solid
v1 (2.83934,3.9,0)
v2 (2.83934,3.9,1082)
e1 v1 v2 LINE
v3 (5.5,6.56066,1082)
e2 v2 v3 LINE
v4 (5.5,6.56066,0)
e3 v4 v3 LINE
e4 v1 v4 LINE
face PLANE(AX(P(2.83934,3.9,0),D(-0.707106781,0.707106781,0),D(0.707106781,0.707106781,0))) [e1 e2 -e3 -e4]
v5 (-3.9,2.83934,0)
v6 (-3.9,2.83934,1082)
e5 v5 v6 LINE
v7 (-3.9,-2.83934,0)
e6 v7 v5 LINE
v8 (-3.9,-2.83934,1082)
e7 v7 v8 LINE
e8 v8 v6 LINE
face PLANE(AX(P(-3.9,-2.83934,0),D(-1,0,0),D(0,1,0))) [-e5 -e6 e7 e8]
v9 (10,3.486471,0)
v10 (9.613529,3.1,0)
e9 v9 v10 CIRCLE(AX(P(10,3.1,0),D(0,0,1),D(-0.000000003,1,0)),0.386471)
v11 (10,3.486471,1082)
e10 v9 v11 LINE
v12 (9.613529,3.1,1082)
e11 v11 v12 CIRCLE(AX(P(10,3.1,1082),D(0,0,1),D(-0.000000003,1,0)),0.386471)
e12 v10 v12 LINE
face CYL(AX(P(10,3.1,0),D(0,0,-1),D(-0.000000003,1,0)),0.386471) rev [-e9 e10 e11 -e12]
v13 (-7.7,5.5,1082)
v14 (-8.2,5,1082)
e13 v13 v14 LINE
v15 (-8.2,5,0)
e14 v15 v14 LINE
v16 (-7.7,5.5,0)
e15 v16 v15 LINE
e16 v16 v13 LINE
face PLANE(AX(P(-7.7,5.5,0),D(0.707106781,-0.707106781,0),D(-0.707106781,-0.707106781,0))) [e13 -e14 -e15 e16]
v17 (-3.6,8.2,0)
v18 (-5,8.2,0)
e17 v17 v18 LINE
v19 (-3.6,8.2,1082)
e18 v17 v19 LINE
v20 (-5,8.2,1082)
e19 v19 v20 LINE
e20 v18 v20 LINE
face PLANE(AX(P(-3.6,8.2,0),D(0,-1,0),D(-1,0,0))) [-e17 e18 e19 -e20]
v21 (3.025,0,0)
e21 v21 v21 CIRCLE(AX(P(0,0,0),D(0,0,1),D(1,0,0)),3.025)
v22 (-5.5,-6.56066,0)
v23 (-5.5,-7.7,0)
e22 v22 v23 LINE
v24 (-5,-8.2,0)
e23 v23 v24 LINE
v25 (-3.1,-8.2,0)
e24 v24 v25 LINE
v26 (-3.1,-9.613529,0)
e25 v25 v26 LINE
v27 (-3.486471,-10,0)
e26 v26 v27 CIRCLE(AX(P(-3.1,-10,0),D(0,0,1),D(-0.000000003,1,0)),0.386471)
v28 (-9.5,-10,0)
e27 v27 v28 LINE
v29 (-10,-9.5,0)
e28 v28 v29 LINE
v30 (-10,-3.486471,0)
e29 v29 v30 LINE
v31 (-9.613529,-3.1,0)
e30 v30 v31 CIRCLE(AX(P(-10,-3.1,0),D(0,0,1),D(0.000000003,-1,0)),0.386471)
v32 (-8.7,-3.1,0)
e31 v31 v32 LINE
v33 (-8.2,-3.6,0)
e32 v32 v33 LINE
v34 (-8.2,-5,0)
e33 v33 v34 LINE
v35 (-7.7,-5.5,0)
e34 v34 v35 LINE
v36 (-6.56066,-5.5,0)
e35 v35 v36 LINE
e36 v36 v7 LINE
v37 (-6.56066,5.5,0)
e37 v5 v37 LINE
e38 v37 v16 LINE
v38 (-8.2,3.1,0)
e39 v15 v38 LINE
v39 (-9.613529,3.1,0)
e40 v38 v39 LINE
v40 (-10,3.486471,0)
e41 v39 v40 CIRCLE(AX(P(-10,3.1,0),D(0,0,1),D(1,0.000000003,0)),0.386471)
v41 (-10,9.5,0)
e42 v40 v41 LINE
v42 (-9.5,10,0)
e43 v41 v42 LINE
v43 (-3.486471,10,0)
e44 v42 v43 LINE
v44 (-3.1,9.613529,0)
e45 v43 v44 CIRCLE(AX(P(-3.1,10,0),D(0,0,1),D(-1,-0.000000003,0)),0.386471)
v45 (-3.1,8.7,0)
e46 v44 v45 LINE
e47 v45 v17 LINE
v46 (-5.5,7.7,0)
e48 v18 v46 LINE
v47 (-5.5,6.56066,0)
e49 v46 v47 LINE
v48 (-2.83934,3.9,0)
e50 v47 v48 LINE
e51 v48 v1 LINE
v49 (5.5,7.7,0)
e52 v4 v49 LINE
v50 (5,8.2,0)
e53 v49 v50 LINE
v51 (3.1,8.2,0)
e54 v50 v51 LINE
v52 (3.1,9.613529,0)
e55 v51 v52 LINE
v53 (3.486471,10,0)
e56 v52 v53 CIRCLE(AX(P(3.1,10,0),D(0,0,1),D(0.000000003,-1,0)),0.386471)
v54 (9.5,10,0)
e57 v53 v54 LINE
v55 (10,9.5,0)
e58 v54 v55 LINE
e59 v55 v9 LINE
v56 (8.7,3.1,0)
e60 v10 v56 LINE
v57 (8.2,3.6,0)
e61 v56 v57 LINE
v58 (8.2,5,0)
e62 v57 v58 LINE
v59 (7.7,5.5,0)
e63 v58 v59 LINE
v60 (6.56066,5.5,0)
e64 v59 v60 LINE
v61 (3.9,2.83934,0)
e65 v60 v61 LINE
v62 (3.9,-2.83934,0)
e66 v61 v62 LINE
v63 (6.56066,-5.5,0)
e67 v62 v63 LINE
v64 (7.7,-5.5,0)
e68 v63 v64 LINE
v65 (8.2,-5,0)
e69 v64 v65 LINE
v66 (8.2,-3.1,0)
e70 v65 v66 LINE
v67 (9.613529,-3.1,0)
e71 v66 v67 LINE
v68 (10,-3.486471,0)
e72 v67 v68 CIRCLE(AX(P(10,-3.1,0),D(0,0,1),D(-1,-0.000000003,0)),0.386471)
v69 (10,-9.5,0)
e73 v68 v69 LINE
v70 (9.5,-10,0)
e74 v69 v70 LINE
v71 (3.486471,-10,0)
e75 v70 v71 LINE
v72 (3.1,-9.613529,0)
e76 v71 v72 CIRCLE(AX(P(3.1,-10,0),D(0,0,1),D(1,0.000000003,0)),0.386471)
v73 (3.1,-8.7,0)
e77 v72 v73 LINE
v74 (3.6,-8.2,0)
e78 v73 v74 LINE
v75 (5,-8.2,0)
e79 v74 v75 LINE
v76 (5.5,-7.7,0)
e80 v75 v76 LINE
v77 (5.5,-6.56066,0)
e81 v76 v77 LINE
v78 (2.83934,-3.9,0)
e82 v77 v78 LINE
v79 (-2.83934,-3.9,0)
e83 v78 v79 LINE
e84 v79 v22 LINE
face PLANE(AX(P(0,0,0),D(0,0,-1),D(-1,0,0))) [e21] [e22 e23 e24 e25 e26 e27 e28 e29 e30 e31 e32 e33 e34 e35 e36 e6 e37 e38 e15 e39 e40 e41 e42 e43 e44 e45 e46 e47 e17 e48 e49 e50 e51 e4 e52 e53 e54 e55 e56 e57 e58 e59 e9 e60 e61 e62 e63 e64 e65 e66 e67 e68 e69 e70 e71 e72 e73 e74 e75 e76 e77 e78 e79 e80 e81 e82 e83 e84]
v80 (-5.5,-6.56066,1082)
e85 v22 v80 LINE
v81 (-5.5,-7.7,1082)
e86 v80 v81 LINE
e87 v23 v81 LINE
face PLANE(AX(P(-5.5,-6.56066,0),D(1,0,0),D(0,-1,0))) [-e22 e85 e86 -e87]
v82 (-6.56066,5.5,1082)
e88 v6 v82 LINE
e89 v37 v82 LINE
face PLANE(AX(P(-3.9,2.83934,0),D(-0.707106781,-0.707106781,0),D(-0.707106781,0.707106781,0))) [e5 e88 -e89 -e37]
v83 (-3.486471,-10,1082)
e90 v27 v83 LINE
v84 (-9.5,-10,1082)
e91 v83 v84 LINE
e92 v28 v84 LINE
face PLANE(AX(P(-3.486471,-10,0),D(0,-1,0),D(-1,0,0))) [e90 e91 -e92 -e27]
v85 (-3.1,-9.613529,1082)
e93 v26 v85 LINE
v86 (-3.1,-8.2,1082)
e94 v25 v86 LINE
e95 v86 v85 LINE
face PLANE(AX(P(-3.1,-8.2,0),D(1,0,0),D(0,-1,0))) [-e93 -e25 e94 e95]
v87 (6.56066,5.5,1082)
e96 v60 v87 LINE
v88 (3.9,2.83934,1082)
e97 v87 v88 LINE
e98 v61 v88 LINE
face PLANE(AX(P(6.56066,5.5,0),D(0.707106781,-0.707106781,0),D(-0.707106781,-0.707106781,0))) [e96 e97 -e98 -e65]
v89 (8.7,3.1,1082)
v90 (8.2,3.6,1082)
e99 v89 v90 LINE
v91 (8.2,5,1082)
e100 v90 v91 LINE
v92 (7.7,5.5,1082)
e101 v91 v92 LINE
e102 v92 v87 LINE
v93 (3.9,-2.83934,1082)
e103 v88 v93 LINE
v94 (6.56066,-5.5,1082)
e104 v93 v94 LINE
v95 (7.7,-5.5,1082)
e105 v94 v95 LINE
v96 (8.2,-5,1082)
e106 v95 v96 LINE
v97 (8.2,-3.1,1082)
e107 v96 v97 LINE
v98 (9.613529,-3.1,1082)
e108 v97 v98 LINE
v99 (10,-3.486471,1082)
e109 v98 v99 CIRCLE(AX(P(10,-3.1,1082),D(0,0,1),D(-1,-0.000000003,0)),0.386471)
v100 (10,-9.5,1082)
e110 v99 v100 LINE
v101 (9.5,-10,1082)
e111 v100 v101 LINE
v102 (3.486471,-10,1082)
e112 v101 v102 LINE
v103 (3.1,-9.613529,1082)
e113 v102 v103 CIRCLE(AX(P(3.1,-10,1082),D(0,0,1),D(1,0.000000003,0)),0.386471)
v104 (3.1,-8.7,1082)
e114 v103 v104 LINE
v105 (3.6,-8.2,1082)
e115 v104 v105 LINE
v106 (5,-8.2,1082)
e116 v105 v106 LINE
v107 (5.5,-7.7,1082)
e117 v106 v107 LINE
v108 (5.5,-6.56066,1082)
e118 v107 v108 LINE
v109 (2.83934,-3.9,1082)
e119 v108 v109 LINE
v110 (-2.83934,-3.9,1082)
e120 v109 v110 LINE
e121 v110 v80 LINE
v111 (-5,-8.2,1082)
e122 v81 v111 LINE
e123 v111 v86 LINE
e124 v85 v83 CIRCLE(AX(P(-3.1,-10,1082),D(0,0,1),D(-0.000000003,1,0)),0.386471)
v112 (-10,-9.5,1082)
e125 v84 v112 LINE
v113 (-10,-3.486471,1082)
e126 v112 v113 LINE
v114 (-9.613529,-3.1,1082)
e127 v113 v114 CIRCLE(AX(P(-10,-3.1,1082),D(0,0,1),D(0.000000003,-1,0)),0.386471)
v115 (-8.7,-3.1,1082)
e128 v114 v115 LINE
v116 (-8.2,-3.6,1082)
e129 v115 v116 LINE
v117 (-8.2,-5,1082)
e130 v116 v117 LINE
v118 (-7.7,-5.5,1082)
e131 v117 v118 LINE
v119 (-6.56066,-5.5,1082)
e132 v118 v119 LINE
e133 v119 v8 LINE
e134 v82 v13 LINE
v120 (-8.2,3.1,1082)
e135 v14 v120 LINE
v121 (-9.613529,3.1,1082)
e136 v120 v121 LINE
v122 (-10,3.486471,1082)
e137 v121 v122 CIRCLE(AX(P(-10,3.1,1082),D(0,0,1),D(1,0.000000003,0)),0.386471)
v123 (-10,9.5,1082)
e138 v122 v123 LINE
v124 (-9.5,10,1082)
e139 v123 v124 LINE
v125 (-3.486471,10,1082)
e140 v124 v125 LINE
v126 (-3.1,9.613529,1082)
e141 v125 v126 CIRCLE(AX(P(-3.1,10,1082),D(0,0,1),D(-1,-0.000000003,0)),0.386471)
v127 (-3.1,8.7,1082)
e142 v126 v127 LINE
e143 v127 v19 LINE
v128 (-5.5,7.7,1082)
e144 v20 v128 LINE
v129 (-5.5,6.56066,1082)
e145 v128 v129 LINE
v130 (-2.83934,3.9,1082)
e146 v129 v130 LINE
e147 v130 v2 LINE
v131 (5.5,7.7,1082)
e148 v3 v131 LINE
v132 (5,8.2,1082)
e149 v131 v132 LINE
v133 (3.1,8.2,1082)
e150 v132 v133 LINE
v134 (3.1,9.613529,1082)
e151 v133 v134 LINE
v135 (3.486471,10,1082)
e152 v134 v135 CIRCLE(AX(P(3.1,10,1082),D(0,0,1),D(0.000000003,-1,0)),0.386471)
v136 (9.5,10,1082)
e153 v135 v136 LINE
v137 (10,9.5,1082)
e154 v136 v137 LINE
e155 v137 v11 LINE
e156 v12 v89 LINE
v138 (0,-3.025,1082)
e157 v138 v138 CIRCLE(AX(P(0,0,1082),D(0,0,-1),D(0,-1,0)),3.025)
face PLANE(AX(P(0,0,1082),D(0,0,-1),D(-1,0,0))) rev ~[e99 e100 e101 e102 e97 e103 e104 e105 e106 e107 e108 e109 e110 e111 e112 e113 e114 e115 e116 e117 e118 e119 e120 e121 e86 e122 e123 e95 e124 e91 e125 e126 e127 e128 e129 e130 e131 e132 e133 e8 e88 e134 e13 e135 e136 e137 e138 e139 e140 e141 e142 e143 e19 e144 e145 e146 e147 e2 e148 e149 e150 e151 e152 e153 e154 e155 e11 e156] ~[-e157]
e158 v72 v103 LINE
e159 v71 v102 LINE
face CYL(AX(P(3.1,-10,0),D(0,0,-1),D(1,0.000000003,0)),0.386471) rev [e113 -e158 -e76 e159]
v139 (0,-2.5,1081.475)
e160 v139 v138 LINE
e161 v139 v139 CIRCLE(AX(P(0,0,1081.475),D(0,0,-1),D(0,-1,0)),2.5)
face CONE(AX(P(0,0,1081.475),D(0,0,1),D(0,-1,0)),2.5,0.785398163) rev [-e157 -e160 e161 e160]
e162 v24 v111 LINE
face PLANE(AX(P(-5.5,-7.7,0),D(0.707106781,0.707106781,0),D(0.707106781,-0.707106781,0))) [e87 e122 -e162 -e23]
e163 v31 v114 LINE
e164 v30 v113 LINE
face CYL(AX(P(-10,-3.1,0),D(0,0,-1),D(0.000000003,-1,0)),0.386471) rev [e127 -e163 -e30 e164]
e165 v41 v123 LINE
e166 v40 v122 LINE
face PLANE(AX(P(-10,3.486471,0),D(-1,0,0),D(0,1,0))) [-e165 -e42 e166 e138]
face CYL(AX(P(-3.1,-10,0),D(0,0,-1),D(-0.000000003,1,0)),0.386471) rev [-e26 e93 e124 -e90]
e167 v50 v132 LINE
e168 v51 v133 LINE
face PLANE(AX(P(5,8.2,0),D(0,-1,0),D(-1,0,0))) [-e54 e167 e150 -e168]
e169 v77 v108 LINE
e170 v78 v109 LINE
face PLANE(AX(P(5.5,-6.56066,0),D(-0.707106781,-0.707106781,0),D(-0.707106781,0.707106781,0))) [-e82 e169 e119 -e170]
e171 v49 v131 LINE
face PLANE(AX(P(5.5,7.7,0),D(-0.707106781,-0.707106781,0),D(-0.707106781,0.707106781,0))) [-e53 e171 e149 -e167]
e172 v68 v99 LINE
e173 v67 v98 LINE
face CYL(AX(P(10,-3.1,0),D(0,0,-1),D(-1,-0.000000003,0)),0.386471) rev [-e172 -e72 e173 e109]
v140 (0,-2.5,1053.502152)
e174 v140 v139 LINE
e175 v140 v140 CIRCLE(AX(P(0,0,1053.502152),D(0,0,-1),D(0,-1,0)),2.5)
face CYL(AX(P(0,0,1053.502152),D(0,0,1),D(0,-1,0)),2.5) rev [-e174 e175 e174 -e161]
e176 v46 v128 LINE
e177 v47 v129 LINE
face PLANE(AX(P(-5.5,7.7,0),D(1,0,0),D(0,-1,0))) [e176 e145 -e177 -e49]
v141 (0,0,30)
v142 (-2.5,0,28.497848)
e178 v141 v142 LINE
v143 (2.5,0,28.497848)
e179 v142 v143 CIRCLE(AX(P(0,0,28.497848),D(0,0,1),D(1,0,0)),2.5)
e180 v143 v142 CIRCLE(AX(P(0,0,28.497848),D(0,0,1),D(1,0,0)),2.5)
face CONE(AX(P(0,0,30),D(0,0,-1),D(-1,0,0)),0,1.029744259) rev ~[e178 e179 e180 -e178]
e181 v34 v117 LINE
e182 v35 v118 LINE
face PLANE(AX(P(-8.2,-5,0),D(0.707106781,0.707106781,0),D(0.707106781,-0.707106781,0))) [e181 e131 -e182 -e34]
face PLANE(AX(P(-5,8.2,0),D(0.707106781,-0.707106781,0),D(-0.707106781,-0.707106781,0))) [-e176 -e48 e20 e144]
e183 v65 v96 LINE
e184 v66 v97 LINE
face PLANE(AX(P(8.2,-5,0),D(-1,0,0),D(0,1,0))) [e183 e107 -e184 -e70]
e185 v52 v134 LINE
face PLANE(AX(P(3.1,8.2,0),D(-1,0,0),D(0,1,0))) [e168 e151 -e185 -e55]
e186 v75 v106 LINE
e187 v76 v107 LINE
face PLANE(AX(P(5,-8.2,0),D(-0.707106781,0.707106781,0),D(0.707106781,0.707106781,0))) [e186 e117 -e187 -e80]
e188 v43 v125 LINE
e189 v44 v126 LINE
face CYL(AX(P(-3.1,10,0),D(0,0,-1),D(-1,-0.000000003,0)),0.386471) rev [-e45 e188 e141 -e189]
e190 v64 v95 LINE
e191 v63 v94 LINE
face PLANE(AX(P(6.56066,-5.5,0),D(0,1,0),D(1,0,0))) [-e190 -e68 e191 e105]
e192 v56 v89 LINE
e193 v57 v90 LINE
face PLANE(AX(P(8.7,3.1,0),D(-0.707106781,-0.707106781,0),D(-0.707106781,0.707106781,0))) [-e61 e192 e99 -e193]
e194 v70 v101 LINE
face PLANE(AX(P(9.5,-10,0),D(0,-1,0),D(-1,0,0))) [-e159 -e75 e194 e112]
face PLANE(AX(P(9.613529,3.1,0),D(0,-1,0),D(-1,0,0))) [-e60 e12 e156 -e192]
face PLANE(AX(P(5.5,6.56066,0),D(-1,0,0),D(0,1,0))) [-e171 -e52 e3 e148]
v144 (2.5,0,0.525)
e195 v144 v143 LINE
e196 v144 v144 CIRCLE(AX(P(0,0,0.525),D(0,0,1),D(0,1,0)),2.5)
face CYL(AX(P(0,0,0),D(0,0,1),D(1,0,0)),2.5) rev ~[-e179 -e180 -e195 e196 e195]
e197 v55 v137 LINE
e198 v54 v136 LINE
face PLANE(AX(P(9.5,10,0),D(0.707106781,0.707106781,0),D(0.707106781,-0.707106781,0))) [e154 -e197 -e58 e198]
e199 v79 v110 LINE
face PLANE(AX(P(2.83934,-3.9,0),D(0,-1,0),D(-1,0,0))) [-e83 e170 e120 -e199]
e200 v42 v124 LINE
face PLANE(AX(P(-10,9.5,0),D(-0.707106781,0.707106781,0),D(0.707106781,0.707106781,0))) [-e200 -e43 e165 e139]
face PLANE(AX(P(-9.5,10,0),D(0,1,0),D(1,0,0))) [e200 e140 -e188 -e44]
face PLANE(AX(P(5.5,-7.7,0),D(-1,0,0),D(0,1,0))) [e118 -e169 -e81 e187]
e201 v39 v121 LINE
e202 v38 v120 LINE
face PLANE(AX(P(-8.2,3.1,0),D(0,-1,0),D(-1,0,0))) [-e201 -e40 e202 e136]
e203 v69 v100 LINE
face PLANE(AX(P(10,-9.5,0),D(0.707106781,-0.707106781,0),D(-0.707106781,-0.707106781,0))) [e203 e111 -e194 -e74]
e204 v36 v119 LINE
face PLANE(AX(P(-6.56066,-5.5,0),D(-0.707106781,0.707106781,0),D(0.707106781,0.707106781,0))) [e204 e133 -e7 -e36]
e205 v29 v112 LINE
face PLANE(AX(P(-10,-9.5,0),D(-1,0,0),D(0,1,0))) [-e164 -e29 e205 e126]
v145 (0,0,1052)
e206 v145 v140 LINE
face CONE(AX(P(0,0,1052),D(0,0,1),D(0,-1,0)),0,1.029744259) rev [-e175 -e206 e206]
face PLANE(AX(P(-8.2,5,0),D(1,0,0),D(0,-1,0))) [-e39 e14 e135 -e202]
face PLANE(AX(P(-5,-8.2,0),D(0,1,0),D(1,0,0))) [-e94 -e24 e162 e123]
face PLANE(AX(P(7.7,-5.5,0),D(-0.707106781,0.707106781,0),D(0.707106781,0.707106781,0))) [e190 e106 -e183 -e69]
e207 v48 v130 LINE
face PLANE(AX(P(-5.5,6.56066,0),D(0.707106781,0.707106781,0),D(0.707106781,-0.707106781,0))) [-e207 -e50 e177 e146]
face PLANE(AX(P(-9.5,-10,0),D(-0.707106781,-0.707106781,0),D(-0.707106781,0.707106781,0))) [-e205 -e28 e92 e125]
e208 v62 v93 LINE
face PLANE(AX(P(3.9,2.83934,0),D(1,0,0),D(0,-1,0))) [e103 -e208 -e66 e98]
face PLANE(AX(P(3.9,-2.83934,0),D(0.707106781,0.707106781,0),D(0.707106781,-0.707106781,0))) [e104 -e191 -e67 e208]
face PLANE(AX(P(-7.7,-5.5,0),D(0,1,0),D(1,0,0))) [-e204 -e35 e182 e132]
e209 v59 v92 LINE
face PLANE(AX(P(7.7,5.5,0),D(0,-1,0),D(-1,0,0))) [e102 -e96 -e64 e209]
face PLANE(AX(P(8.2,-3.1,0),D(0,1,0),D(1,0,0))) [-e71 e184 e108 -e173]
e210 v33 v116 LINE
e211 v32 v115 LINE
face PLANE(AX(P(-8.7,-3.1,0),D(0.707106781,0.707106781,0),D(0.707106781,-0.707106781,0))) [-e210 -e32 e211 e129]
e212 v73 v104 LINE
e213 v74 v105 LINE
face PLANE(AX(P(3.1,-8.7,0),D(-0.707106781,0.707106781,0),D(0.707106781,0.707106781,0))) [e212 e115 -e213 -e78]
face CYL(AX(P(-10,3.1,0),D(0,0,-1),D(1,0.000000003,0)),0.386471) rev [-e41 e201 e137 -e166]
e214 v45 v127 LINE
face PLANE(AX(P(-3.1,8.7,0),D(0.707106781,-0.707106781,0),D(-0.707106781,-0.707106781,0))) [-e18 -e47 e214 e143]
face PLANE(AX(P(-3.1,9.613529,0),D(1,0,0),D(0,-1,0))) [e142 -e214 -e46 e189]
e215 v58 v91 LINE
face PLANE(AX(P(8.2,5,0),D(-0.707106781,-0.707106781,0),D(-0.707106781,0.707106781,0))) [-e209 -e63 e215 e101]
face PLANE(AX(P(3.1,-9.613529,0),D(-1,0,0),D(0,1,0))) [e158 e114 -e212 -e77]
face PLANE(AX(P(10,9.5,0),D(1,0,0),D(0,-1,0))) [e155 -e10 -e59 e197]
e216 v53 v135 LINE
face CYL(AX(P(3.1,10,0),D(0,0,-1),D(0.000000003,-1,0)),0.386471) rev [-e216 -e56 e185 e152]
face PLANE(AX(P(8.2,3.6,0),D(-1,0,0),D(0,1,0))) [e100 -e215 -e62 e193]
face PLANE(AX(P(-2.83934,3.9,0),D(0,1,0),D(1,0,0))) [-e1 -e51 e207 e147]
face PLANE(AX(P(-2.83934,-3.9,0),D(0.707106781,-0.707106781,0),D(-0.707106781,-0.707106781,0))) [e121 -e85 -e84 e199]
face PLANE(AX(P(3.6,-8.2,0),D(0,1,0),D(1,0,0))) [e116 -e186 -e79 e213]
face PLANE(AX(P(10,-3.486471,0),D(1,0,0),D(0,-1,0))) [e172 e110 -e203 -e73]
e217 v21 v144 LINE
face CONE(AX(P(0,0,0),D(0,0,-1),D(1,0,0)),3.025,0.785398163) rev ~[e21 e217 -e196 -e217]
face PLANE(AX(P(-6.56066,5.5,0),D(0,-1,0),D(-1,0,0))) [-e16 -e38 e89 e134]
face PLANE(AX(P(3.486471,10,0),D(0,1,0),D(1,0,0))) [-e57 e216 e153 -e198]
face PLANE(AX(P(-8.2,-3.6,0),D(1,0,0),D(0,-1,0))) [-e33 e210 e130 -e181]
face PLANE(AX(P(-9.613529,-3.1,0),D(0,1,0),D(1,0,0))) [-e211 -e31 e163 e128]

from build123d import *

# Parameters (mm, degrees)
BOSS_EXTRUDE1_DEPTH             = 1082
M6X1_0_TAPPED_HOLE2_D           = 5
M6X1_0_TAPPED_HOLE2_DEPTH       = 28.497848452
M6X1_0_TAPPED_HOLE2_CSINK_D     = 6.05
M6X1_0_TAPPED_HOLE2_CSINK_ANGLE = 90
M6X1_0_TAPPED_HOLE2_TIP         = 1.502151548


with BuildPart() as part:
    # Sketch1 → Boss-Extrude1 (new body)
    with BuildSketch(Plane.XY):
        with BuildLine():
            Line((-9.5, 10), (-3.486470896, 10))
            ThreePointArc((-3.486470896, 10), (-3.373276191, 9.726723809), (-3.1, 9.613529104))
            Line((-3.1, 9.613529104), (-3.1, 8.7))
            Line((-3.1, 8.7), (-3.6, 8.2))
            Line((-3.6, 8.2), (-5, 8.2))
            Line((-5, 8.2), (-5.5, 7.7))
            Line((-5.5, 7.7), (-5.5, 6.560660172))
            Line((-5.5, 6.560660172), (-2.839339828, 3.9))
            Line((-2.839339828, 3.9), (0, 3.9))
            Line((0, 3.9), (2.839339828, 3.9))
            Line((2.839339828, 3.9), (5.5, 6.560660172))
            Line((5.5, 6.560660172), (5.5, 7.7))
            Line((5.5, 7.7), (5, 8.2))
            Line((5, 8.2), (3.1, 8.2))
            Line((3.1, 8.2), (3.1, 9.613529104))
            ThreePointArc((3.1, 9.613529104), (3.373276191, 9.726723809), (3.486470896, 10))
            Line((3.486470896, 10), (9.5, 10))
            Line((9.5, 10), (10, 9.5))
            Line((10, 9.5), (10, 3.486470896))
            ThreePointArc((10, 3.486470896), (9.726723809, 3.373276191), (9.613529104, 3.1))
            Line((9.613529104, 3.1), (8.7, 3.1))
            Line((8.7, 3.1), (8.2, 3.6))
            Line((8.2, 3.6), (8.2, 5))
            Line((8.2, 5), (7.7, 5.5))
            Line((7.7, 5.5), (6.560660172, 5.5))
            Line((6.560660172, 5.5), (3.9, 2.839339828))
            Line((3.9, 2.839339828), (3.9, 0))
            Line((3.9, 0), (3.9, -2.839339828))
            Line((3.9, -2.839339828), (6.560660172, -5.5))
            Line((6.560660172, -5.5), (7.7, -5.5))
            Line((7.7, -5.5), (8.2, -5))
            Line((8.2, -5), (8.2, -3.1))
            Line((8.2, -3.1), (9.613529104, -3.1))
            ThreePointArc((9.613529104, -3.1), (9.726723809, -3.373276191), (10, -3.486470896))
            Line((10, -3.486470896), (10, -9.5))
            Line((10, -9.5), (9.5, -10))
            Line((9.5, -10), (3.486470896, -10))
            ThreePointArc((3.486470896, -10), (3.373276191, -9.726723809), (3.1, -9.613529104))
            Line((3.1, -9.613529104), (3.1, -8.7))
            Line((3.1, -8.7), (3.6, -8.2))
            Line((3.6, -8.2), (5, -8.2))
            Line((5, -8.2), (5.5, -7.7))
            Line((5.5, -7.7), (5.5, -6.560660172))
            Line((5.5, -6.560660172), (2.839339828, -3.9))
            Line((2.839339828, -3.9), (0, -3.9))
            Line((0, -3.9), (-2.839339828, -3.9))
            Line((-2.839339828, -3.9), (-5.5, -6.560660172))
            Line((-5.5, -6.560660172), (-5.5, -7.7))
            Line((-5.5, -7.7), (-5, -8.2))
            Line((-5, -8.2), (-3.1, -8.2))
            Line((-3.1, -8.2), (-3.1, -9.613529104))
            ThreePointArc((-3.1, -9.613529104), (-3.373276191, -9.726723809), (-3.486470896, -10))
            Line((-3.486470896, -10), (-9.5, -10))
            Line((-9.5, -10), (-10, -9.5))
            Line((-10, -9.5), (-10, -3.486470896))
            ThreePointArc((-10, -3.486470896), (-9.726723809, -3.373276191), (-9.613529104, -3.1))
            Line((-9.613529104, -3.1), (-8.7, -3.1))
            Line((-8.7, -3.1), (-8.2, -3.6))
            Line((-8.2, -3.6), (-8.2, -5))
            Line((-8.2, -5), (-7.7, -5.5))
            Line((-7.7, -5.5), (-6.560660172, -5.5))
            Line((-6.560660172, -5.5), (-3.9, -2.839339828))
            Line((-3.9, -2.839339828), (-3.9, 0))
            Line((-3.9, 0), (-3.9, 2.839339828))
            Line((-3.9, 2.839339828), (-6.560660172, 5.5))
            Line((-6.560660172, 5.5), (-7.7, 5.5))
            Line((-7.7, 5.5), (-8.2, 5))
            Line((-8.2, 5), (-8.2, 3.1))
            Line((-8.2, 3.1), (-9.613529104, 3.1))
            ThreePointArc((-9.613529104, 3.1), (-9.726723809, 3.373276191), (-10, 3.486470896))
            Line((-10, 3.486470896), (-10, 9.5))
            Line((-10, 9.5), (-9.5, 10))
        make_face()
    extrude(amount=BOSS_EXTRUDE1_DEPTH)

    # Sketch2 → M6x1.0 Tapped Hole1 (revolve, cut)
    with BuildSketch(Plane(origin=(0, 0, 1082), x_dir=(0, -1, 0), z_dir=(1, 0, 0))):
        Polygon((0, 0), (0, 30), (2.5, 28.497848452), (2.5, 0.525), (3.025, 0), align=None)
    revolve(axis=Axis((0, 0, 1088.35), (0, 0, -1)), mode=Mode.SUBTRACT)

    # M6x1.0 Tapped Hole2
    with Locations(Plane(origin=(0, 0, 0), x_dir=(-1, 0, 0), z_dir=(0, 0, -1))):
        with Locations((0, 0)):
            CounterSinkHole(M6X1_0_TAPPED_HOLE2_D / 2, M6X1_0_TAPPED_HOLE2_CSINK_D / 2, depth=M6X1_0_TAPPED_HOLE2_DEPTH, counter_sink_angle=M6X1_0_TAPPED_HOLE2_CSINK_ANGLE)
            with Locations((0, 0, -(M6X1_0_TAPPED_HOLE2_DEPTH + M6X1_0_TAPPED_HOLE2_TIP / 2))):  # 118° drill point
                Cone(0, M6X1_0_TAPPED_HOLE2_D / 2, M6X1_0_TAPPED_HOLE2_TIP, mode=Mode.SUBTRACT)


solid = part.part
